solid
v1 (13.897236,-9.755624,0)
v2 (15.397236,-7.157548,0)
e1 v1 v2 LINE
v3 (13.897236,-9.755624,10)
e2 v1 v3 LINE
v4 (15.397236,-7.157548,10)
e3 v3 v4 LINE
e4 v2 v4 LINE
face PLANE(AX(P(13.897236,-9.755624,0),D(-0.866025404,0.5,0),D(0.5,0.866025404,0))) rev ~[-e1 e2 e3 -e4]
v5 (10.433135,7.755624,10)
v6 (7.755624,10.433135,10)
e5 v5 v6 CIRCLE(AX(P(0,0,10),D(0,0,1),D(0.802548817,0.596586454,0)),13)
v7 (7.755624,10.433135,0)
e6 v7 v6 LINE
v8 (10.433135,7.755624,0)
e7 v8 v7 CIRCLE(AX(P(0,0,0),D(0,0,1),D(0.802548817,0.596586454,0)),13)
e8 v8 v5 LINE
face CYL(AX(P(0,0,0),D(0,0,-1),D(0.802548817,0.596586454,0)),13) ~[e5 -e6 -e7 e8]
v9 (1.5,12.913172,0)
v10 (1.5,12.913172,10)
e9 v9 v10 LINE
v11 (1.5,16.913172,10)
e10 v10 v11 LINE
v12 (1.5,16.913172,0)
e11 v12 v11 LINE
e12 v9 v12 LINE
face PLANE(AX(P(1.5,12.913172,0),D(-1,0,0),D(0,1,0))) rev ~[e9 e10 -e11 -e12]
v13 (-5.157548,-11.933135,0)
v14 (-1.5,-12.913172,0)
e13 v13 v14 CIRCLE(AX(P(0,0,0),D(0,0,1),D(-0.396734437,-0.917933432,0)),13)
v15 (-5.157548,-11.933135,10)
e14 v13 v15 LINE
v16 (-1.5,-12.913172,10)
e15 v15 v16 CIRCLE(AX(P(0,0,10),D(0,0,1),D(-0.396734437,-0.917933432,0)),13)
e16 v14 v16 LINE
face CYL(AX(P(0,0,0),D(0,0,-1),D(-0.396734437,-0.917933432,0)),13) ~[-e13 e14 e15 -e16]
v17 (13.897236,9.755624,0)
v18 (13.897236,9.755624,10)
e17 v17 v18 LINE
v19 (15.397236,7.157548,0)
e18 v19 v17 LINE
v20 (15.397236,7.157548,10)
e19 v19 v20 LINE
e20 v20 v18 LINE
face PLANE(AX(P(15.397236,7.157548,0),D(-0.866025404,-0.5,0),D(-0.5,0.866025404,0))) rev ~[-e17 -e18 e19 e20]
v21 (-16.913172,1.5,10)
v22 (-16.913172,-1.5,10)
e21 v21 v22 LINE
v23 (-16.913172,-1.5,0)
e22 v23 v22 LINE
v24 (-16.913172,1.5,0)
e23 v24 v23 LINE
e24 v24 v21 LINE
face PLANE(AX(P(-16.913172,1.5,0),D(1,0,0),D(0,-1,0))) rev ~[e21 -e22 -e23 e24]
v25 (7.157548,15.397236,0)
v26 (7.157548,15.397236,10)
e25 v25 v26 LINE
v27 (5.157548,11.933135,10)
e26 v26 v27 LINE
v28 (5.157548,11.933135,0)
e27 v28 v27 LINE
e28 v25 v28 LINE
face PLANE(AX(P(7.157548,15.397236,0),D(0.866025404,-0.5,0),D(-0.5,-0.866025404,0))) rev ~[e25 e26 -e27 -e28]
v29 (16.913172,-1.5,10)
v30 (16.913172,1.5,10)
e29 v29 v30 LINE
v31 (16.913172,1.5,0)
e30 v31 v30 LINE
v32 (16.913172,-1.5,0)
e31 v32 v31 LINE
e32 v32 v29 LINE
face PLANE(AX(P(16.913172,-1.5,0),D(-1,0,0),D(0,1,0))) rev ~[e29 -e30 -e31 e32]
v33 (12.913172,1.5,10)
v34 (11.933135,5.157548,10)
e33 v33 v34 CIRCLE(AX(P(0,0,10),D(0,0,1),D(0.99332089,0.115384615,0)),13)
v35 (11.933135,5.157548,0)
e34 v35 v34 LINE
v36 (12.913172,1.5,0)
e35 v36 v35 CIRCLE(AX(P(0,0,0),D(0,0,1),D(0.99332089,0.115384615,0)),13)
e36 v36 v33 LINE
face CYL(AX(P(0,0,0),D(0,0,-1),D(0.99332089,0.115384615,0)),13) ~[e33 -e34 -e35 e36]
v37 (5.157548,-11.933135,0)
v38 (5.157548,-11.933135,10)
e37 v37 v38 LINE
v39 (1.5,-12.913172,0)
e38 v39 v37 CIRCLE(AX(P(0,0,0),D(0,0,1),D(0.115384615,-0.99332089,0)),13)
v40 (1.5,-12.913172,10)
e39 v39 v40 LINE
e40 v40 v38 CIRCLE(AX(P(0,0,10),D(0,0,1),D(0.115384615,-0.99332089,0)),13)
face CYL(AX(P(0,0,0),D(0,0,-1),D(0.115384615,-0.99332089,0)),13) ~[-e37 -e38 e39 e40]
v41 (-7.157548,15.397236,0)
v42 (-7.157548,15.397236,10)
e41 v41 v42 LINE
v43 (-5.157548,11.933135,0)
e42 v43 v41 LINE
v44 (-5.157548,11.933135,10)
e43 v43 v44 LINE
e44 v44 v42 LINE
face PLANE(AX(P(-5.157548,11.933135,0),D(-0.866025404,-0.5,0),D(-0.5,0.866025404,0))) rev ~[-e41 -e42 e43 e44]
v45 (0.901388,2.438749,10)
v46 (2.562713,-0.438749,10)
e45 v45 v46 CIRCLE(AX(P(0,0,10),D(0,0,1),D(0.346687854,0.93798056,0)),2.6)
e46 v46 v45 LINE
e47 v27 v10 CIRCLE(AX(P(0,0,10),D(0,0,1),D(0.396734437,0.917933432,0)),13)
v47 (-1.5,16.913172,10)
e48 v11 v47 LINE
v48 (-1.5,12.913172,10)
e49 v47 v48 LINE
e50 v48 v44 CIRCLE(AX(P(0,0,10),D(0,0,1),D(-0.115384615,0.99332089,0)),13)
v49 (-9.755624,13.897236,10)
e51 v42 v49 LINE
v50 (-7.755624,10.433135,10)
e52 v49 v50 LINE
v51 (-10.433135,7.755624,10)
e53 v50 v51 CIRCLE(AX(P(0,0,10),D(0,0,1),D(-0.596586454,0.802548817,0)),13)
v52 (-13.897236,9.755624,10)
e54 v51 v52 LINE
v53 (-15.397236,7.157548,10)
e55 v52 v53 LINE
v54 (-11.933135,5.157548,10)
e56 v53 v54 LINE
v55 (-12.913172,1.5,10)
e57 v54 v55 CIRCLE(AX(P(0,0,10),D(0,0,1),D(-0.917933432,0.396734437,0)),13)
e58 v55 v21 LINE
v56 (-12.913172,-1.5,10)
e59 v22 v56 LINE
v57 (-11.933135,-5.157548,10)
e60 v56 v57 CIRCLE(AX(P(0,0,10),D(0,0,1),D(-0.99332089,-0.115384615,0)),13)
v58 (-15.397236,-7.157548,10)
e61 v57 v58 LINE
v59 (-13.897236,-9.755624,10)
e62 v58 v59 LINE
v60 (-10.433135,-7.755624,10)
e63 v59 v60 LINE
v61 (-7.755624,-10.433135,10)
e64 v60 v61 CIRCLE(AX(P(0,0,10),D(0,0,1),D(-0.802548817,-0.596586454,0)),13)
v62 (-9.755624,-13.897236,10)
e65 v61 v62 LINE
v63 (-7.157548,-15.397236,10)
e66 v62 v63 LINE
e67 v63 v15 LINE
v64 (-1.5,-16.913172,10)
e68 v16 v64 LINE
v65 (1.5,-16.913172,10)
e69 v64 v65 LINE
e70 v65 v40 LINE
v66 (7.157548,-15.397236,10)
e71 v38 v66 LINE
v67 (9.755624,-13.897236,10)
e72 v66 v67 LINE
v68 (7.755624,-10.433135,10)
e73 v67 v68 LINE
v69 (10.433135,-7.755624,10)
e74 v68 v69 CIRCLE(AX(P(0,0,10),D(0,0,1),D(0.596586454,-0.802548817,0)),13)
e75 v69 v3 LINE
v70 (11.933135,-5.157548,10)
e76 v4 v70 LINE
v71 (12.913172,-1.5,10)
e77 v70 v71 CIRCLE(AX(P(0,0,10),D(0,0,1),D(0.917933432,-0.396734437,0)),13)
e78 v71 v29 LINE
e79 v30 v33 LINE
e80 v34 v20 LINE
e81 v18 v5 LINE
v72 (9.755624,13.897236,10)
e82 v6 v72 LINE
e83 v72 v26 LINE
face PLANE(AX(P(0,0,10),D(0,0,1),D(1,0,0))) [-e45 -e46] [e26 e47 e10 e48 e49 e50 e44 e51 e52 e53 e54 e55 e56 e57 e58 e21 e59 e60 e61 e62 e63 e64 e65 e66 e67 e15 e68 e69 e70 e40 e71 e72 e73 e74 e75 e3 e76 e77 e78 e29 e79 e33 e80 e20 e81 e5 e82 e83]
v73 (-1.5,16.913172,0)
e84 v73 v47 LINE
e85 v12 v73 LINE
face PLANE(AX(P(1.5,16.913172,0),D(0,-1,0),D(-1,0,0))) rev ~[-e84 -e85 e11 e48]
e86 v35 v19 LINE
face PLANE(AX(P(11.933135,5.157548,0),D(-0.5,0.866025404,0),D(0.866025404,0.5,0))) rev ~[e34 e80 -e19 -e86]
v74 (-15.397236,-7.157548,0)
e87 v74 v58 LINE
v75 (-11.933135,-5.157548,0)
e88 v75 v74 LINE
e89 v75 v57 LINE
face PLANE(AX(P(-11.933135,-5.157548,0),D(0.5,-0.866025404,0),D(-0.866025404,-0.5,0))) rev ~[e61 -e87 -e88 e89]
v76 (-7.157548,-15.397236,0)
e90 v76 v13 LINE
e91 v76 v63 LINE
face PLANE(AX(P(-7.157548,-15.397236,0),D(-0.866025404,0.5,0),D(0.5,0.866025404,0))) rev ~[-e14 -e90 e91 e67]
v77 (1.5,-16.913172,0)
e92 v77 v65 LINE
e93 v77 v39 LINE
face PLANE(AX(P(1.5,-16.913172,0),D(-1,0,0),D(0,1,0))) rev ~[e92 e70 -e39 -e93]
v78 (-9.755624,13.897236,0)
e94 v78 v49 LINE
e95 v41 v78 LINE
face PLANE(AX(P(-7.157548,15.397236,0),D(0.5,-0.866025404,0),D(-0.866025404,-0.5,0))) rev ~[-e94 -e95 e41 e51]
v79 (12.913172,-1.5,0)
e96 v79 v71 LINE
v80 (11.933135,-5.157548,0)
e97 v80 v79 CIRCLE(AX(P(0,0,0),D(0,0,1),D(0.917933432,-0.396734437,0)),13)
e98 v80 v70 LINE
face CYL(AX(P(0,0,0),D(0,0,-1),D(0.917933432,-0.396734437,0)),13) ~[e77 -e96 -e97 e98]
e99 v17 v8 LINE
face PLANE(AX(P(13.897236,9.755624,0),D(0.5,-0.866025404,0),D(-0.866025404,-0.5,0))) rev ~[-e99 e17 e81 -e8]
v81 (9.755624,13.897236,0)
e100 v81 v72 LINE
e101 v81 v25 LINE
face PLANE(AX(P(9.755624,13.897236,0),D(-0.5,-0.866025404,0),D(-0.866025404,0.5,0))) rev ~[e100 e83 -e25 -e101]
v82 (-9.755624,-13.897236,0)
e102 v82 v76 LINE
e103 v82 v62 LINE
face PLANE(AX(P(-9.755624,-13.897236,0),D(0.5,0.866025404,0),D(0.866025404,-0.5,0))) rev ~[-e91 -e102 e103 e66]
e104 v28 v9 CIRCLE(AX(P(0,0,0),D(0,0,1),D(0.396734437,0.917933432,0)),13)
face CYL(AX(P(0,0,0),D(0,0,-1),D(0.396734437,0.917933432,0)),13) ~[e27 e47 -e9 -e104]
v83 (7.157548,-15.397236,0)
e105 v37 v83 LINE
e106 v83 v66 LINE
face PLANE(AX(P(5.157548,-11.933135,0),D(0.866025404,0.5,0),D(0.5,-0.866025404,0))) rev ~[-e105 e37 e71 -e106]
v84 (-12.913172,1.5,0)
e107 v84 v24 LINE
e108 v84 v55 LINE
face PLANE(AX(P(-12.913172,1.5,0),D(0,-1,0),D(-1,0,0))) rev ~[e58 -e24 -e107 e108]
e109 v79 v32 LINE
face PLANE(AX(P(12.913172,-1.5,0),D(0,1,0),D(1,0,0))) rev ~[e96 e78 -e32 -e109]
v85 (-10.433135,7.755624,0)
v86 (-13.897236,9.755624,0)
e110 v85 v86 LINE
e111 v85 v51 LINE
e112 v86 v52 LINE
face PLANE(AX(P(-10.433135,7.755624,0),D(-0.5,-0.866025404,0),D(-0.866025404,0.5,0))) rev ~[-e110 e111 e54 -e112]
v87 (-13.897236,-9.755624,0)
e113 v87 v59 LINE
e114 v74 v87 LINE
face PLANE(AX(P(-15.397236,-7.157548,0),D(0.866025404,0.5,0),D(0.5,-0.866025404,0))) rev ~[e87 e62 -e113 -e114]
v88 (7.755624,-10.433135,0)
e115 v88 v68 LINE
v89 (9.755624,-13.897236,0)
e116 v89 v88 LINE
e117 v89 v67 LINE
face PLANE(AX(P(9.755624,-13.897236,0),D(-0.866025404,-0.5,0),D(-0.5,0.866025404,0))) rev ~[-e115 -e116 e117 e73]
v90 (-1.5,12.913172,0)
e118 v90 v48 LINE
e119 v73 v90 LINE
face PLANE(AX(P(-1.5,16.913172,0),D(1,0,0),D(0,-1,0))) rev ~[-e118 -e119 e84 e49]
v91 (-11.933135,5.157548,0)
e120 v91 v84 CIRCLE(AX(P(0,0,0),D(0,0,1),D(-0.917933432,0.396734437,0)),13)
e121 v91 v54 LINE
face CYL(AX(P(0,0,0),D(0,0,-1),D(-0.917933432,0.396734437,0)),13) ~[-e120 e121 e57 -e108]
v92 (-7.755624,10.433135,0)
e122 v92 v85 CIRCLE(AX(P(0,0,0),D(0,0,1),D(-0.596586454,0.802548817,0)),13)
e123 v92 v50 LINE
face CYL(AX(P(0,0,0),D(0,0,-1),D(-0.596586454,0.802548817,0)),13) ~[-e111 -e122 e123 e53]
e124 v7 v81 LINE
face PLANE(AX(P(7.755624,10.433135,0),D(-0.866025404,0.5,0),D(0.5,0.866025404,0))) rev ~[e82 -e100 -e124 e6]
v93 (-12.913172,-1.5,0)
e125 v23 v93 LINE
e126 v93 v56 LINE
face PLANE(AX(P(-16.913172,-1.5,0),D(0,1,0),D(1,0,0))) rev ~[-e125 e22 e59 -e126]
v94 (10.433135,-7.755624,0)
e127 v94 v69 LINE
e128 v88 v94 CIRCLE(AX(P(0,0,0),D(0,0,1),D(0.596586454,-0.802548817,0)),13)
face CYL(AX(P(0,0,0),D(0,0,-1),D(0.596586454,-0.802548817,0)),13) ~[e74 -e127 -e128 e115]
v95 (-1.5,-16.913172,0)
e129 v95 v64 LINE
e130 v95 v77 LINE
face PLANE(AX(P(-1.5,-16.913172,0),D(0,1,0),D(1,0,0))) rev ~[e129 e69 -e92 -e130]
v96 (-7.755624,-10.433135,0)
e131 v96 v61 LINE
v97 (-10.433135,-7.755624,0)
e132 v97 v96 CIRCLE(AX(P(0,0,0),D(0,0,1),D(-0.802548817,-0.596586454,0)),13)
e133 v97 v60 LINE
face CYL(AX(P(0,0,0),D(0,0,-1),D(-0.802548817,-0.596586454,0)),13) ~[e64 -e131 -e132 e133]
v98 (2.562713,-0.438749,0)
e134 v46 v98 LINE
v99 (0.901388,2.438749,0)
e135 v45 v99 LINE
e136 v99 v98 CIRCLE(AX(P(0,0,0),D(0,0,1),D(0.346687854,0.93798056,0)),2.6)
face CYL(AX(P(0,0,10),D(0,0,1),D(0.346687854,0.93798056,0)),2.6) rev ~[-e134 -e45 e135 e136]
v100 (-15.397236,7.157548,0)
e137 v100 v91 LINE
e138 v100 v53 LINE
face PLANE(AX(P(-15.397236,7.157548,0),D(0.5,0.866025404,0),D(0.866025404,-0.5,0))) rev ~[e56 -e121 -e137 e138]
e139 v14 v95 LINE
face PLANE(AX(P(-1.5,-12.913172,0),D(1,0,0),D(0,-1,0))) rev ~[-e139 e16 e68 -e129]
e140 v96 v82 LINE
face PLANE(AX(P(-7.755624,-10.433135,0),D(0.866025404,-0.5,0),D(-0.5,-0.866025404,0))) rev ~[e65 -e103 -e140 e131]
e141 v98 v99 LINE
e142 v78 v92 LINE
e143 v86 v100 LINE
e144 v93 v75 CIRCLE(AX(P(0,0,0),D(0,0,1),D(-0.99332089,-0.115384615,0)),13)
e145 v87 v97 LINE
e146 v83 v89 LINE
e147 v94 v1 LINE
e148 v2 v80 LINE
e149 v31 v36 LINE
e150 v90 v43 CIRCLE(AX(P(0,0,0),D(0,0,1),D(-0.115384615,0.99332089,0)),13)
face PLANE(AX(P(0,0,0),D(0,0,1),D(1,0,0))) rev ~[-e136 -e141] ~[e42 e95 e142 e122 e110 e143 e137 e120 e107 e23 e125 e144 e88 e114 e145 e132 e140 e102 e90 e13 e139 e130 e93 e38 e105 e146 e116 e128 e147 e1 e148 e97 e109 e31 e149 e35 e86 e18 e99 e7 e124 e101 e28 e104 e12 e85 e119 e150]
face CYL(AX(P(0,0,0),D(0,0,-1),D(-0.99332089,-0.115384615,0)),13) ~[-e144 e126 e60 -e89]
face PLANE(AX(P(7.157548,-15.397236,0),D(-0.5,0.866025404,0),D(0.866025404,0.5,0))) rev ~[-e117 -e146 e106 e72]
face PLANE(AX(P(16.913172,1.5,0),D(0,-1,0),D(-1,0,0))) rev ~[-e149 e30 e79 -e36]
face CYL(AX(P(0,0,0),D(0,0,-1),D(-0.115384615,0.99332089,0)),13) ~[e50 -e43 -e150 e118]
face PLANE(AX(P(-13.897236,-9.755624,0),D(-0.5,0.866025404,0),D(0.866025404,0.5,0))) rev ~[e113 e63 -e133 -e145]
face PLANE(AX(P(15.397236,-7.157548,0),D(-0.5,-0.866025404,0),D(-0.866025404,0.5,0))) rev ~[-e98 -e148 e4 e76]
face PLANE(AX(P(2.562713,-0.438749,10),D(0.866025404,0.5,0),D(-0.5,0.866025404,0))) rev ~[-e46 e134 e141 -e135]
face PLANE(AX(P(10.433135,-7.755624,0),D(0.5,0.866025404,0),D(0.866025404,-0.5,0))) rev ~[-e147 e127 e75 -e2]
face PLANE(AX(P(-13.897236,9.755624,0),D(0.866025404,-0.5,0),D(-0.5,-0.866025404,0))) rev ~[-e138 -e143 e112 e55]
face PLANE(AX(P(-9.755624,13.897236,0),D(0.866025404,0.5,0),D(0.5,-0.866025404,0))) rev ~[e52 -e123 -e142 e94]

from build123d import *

# Parameters (mm, degrees)
BOSS_EXTRUDE1_DEPTH = 10
CUT_EXTRUDE1_DEPTH  = 10


with BuildPart() as part:
    # Sketch1 → Boss-Extrude1 (new body)
    with BuildSketch(Plane.XY):
        with BuildLine():
            Line((-1.5, 16.91317157), (-1.5, 12.91317157))
            ThreePointArc((-1.5, 12.91317157), (-3.364647586, 12.557035742), (-5.157547679, 11.933134623))
            Line((-5.157547679, 11.933134623), (-7.157547679, 15.397236238))
            Line((-7.157547679, 15.397236238), (-9.755623891, 13.897236238))
            Line((-9.755623891, 13.897236238), (-7.755623891, 10.433134623))
            ThreePointArc((-7.755623891, 10.433134623), (-9.192388155, 9.192388155), (-10.433134623, 7.755623891))
            Line((-10.433134623, 7.755623891), (-13.897236238, 9.755623891))
            Line((-13.897236238, 9.755623891), (-15.397236238, 7.157547679))
            Line((-15.397236238, 7.157547679), (-11.933134623, 5.157547679))
            ThreePointArc((-11.933134623, 5.157547679), (-12.557035742, 3.364647586), (-12.91317157, 1.5))
            Line((-12.91317157, 1.5), (-16.91317157, 1.5))
            Line((-16.91317157, 1.5), (-16.91317157, -1.5))
            Line((-16.91317157, -1.5), (-12.91317157, -1.5))
            ThreePointArc((-12.91317157, -1.5), (-12.557035742, -3.364647586), (-11.933134623, -5.157547679))
            Line((-11.933134623, -5.157547679), (-15.397236238, -7.157547679))
            Line((-15.397236238, -7.157547679), (-13.897236238, -9.755623891))
            Line((-13.897236238, -9.755623891), (-10.433134623, -7.755623891))
            ThreePointArc((-10.433134623, -7.755623891), (-9.192388155, -9.192388155), (-7.755623891, -10.433134623))
            Line((-7.755623891, -10.433134623), (-9.755623891, -13.897236238))
            Line((-9.755623891, -13.897236238), (-7.157547679, -15.397236238))
            Line((-7.157547679, -15.397236238), (-5.157547679, -11.933134623))
            ThreePointArc((-5.157547679, -11.933134623), (-3.364647586, -12.557035742), (-1.5, -12.91317157))
            Line((-1.5, -12.91317157), (-1.5, -16.91317157))
            Line((-1.5, -16.91317157), (1.5, -16.91317157))
            Line((1.5, -16.91317157), (1.5, -12.91317157))
            ThreePointArc((1.5, -12.91317157), (3.364647586, -12.557035742), (5.157547679, -11.933134623))
            Line((5.157547679, -11.933134623), (7.157547679, -15.397236238))
            Line((7.157547679, -15.397236238), (9.755623891, -13.897236238))
            Line((9.755623891, -13.897236238), (7.755623891, -10.433134623))
            ThreePointArc((7.755623891, -10.433134623), (9.192388155, -9.192388155), (10.433134623, -7.755623891))
            Line((10.433134623, -7.755623891), (13.897236238, -9.755623891))
            Line((13.897236238, -9.755623891), (15.397236238, -7.157547679))
            Line((15.397236238, -7.157547679), (11.933134623, -5.157547679))
            ThreePointArc((11.933134623, -5.157547679), (12.557035742, -3.364647586), (12.91317157, -1.5))
            Line((12.91317157, -1.5), (16.91317157, -1.5))
            Line((16.91317157, -1.5), (16.91317157, 1.5))
            Line((16.91317157, 1.5), (12.91317157, 1.5))
            ThreePointArc((12.91317157, 1.5), (12.557035742, 3.364647586), (11.933134623, 5.157547679))
            Line((11.933134623, 5.157547679), (15.397236238, 7.157547679))
            Line((15.397236238, 7.157547679), (13.897236238, 9.755623891))
            Line((13.897236238, 9.755623891), (10.433134623, 7.755623891))
            ThreePointArc((10.433134623, 7.755623891), (9.192388155, 9.192388155), (7.755623891, 10.433134623))
            Line((7.755623891, 10.433134623), (9.755623891, 13.897236238))
            Line((9.755623891, 13.897236238), (7.157547679, 15.397236238))
            Line((7.157547679, 15.397236238), (5.157547679, 11.933134623))
            ThreePointArc((5.157547679, 11.933134623), (3.364647586, 12.557035742), (1.5, 12.91317157))
            Line((1.5, 12.91317157), (1.5, 16.91317157))
            Line((1.5, 16.91317157), (-1.5, 16.91317157))
        make_face()
    extrude(amount=BOSS_EXTRUDE1_DEPTH)

    # Sketch2 → Cut-Extrude1 (cut)
    with BuildSketch(Plane.XY.offset(10)):
        with BuildLine():
            Line((2.562713194, -0.438749457), (0.901388421, 2.438749457))
            ThreePointArc((0.901388421, 2.438749457), (-2.25166605, -1.3), (2.562713194, -0.438749457))
        make_face()
    extrude(amount=-CUT_EXTRUDE1_DEPTH, mode=Mode.SUBTRACT)


solid = part.part
